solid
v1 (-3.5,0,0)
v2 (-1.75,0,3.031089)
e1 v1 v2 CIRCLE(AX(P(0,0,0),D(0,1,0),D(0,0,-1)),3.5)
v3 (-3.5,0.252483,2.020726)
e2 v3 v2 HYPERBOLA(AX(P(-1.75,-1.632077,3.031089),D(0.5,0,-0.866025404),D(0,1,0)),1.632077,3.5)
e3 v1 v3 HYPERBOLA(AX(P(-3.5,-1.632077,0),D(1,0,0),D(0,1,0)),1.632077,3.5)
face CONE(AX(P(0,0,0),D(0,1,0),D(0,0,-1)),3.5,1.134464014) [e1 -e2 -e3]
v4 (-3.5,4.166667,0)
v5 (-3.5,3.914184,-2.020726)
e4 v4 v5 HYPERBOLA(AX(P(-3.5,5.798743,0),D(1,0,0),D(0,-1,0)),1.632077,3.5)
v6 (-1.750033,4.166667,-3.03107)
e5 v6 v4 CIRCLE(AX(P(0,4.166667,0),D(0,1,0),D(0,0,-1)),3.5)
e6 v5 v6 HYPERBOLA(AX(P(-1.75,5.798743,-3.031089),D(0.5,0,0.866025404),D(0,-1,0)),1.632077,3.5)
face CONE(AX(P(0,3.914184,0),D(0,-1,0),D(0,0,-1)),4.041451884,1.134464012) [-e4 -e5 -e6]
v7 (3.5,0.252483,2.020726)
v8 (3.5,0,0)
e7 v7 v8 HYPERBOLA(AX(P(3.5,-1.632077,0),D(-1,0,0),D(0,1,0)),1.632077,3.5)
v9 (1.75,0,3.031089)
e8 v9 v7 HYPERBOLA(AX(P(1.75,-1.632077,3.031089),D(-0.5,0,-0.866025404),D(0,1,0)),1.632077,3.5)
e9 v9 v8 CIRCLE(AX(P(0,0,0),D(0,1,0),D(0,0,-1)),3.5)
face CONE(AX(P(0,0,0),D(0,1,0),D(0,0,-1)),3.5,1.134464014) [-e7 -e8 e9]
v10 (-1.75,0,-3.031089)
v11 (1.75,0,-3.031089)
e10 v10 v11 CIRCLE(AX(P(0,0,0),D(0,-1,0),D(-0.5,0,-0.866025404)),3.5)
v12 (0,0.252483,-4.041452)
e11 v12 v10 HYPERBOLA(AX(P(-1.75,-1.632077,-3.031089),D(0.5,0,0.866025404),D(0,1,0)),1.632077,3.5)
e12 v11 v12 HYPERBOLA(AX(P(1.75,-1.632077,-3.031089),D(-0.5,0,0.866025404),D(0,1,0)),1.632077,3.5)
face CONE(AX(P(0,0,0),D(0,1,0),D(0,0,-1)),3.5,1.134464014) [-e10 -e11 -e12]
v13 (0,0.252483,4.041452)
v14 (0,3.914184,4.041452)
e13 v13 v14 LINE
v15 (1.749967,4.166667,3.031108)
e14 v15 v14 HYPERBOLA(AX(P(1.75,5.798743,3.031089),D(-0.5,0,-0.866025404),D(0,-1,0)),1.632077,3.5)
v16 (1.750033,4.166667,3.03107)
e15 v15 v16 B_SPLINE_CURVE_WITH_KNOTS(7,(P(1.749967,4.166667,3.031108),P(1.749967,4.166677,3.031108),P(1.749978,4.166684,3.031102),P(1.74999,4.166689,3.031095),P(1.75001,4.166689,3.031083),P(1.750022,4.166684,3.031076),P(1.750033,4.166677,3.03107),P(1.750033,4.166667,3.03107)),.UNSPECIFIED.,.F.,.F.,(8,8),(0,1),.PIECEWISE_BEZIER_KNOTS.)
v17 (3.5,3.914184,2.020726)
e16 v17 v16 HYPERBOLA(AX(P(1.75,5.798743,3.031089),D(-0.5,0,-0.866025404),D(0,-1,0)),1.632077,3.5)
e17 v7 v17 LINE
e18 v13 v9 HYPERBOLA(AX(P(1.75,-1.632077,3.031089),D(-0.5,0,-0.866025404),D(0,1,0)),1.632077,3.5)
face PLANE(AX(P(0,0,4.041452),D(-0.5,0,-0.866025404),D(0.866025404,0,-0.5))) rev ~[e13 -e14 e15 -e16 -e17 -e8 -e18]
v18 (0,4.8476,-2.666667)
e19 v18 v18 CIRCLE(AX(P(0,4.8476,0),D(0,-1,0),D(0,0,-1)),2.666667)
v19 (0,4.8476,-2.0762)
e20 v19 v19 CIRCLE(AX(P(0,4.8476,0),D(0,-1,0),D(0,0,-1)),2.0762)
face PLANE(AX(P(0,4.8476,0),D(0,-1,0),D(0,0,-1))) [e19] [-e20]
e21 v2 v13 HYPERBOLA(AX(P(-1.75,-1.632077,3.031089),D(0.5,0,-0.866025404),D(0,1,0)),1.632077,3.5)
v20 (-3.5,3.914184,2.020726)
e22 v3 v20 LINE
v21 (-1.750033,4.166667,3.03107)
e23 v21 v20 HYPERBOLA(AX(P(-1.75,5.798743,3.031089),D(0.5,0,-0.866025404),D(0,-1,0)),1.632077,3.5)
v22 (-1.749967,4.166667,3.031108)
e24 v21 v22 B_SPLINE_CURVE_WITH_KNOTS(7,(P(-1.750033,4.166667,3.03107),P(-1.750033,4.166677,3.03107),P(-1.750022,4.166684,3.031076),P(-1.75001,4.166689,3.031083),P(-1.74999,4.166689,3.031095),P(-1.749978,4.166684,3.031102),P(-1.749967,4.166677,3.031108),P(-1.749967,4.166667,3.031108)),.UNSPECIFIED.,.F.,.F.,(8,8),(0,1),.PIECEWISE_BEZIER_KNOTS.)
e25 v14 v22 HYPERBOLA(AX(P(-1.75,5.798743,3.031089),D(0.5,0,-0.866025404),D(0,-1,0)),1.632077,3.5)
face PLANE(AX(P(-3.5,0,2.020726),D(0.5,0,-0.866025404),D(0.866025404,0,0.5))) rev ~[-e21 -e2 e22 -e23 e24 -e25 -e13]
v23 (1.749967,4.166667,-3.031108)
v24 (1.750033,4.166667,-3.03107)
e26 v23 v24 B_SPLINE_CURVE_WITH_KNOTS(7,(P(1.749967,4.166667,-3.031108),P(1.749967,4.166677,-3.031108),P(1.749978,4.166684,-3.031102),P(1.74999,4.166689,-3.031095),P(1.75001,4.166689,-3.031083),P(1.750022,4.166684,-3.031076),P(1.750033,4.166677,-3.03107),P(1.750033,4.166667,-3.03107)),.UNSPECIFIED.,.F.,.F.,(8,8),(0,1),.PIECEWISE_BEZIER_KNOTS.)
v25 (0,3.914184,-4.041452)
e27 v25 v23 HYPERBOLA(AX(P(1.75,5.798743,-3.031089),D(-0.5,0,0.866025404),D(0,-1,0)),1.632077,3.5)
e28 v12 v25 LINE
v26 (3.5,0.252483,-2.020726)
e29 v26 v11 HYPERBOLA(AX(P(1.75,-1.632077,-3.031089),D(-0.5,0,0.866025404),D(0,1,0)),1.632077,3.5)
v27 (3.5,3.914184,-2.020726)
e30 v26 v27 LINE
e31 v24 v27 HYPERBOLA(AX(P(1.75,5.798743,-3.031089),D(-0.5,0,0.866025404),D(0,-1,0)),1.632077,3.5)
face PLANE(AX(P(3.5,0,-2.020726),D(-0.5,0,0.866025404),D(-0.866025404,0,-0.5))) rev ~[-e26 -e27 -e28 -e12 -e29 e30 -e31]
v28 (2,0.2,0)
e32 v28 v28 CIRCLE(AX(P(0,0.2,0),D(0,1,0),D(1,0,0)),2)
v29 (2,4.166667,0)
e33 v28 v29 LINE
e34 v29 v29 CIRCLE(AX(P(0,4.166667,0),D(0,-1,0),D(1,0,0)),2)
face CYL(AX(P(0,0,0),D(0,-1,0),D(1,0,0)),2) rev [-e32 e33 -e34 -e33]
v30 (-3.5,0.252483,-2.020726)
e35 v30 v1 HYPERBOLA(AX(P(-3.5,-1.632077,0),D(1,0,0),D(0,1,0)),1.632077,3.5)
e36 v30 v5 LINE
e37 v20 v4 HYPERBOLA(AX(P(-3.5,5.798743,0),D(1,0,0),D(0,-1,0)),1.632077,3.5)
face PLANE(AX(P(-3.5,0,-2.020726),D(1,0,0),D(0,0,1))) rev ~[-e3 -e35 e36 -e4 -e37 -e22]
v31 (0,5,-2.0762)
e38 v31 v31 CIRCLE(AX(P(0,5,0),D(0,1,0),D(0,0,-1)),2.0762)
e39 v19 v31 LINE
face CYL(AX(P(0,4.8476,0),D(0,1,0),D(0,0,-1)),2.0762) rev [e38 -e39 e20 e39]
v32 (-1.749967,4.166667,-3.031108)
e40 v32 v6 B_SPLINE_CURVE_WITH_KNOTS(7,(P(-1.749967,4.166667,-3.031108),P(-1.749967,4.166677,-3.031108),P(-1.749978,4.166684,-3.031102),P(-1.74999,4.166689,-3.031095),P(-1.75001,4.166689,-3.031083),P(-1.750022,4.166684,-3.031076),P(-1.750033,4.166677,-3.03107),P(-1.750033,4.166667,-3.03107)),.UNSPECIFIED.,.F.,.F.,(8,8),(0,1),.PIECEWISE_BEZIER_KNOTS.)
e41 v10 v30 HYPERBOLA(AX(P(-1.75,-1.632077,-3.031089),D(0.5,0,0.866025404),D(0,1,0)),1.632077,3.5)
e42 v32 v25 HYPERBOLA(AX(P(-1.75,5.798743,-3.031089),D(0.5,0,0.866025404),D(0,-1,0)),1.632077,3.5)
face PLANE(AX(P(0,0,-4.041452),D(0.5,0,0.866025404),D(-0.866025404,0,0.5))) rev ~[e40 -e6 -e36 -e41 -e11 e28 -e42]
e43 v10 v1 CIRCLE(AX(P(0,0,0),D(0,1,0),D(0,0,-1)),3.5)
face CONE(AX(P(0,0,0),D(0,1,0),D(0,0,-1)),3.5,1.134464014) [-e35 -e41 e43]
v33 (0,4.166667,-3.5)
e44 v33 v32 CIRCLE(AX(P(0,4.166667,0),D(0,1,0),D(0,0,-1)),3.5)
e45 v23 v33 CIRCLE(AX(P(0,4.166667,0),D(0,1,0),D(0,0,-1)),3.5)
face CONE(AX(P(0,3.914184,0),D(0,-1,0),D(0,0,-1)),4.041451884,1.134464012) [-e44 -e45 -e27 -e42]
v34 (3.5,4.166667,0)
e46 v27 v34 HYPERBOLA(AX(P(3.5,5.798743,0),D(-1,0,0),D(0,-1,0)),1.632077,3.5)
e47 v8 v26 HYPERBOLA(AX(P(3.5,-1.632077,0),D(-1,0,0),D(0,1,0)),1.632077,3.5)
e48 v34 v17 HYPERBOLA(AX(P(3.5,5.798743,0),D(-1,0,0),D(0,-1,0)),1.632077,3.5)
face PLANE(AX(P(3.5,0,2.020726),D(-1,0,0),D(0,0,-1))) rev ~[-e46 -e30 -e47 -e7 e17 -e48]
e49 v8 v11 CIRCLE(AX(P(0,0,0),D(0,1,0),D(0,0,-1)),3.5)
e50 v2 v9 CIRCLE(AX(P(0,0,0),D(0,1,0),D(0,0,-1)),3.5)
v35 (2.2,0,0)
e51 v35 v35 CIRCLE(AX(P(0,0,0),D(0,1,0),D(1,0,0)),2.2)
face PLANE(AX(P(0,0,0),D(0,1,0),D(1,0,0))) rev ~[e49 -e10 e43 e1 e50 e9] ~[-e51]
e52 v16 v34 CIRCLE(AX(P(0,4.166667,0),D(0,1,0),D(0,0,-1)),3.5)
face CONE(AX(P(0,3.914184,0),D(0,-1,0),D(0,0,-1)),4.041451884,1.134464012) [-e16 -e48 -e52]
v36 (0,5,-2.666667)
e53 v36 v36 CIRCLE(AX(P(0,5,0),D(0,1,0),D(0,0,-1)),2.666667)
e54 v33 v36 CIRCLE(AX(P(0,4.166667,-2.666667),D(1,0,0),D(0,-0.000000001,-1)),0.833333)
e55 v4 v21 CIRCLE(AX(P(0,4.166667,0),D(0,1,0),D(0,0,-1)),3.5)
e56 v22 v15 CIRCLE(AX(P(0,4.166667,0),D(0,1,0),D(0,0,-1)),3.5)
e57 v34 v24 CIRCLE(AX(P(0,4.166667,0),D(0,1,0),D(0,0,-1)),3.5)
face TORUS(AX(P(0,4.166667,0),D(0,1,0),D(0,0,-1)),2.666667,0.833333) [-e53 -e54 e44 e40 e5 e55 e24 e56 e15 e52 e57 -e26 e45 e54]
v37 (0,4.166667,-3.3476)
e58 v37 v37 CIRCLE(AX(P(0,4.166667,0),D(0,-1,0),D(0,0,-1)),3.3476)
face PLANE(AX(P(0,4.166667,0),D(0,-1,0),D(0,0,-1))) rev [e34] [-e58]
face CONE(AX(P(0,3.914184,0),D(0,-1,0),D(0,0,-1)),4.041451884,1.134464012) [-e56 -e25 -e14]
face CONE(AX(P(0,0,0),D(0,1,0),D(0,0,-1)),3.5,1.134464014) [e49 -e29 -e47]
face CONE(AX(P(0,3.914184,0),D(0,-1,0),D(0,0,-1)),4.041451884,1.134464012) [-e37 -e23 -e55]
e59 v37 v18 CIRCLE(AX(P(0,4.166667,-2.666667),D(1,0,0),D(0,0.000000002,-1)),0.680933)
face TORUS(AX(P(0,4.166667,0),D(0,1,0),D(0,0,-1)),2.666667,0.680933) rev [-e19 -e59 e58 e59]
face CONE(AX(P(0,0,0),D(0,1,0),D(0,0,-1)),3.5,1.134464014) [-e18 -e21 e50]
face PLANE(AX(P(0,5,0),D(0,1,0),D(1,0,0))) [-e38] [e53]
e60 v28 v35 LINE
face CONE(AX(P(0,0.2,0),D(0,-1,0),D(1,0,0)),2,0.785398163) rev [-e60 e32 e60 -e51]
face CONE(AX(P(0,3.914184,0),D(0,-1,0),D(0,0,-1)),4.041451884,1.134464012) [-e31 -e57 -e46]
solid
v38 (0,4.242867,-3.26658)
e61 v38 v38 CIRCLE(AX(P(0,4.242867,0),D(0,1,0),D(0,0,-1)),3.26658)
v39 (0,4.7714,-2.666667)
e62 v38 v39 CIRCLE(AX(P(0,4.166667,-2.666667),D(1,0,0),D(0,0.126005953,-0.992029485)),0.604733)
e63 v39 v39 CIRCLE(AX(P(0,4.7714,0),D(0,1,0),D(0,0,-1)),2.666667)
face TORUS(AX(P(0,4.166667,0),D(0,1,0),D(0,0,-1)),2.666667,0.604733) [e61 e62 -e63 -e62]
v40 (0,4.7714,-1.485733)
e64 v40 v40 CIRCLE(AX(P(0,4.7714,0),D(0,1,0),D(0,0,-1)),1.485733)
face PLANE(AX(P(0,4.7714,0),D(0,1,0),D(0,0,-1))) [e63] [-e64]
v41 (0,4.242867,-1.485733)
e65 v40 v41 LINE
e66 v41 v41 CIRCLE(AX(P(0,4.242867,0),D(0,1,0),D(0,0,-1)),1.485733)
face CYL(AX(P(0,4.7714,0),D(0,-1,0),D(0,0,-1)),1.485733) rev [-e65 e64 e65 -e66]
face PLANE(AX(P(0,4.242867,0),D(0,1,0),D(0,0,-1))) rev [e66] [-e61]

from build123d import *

# Parameters (mm, degrees)
SKETCH1_R      = 2
EXTRUDE1_DEPTH = 5
CHAMFER1_SIZE  = 0.2


with BuildPart() as part:
    # Sketch1 → Extrude1 (new body)
    with BuildSketch(Plane(origin=(0, 0, 0), x_dir=(1, 0, 0), z_dir=(0, 1, 0))):
        Polygon((0, 4.041451884), (-3.5, 2.020725942), (-3.5, -2.020725942), (0, -4.041451884), (3.5, -2.020725942), (3.5, 2.020725942), align=None)
        Circle(SKETCH1_R, mode=Mode.SUBTRACT)
    extrude(amount=EXTRUDE1_DEPTH)

    # Chamfer1
    chamfer1_edges = [part.edges().sort_by_distance(p)[0] for p in [
        (-2, 0, 0),
    ]]
    chamfer(chamfer1_edges, length=CHAMFER1_SIZE)

    # Sketch5 → Cut-Revolve3 (revolve, cut)
    with BuildSketch(Plane(origin=(0, 0, 0), x_dir=(0, 0, -1), z_dir=(1, 0, 0))):
        with BuildLine():
            Line((0, 0), (3.5, 0))
            Line((3.5, 0), (4.041451884, 0.25248316))
            Line((4.041451884, 0.25248316), (4.041451884, 3.914183506))
            Line((4.041451884, 3.914183506), (3.5, 4.166666667))
            ThreePointArc((3.5, 4.166666667), (3.255922318, 4.755922318), (2.666666667, 5))
            Line((2.666666667, 5), (2.666666667, 6.27))
            Line((2.666666667, 6.27), (5.311451884, 6.27))
            Line((5.311451884, 6.27), (5.311451884, -1.27))
            Line((5.311451884, -1.27), (0, -1.27))
            Line((0, -1.27), (0, 0))
        make_face()
    revolve(axis=Axis((0, 0, 0), (0, 1, 0)), mode=Mode.SUBTRACT)

    # Sketch6 → Cut-Revolve4 (revolve, cut)
    with BuildSketch(Plane(origin=(0, 0, 0), x_dir=(0, 0, -1), z_dir=(1, 0, 0))):
        with BuildLine():
            Line((0, 4.166666667), (3.3476, 4.166666667))
            ThreePointArc((3.3476, 4.166666667), (3.148159244, 4.648159244), (2.666666667, 4.8476))
            Line((2.666666667, 4.8476), (2.0762, 4.8476))
            Line((2.0762, 4.8476), (2.0762, 6.27))
            Line((2.0762, 6.27), (0, 6.27))
            Line((0, 6.27), (0, 4.166666667))
        make_face()
    revolve(axis=Axis((0, 6.27, 0), (0, -1, 0)), mode=Mode.SUBTRACT)


with BuildPart() as body_2:
    # Sketch7 → Revolve2 (revolve)
    with BuildSketch(Plane(origin=(0, 0, 0), x_dir=(0, 0, -1), z_dir=(1, 0, 0))):
        with BuildLine():
            Line((1.485733333, 4.242866667), (3.266579964, 4.242866667))
            ThreePointArc((3.266579964, 4.242866667), (3.066430175, 4.620419399), (2.666666667, 4.7714))
            Line((2.666666667, 4.7714), (1.485733333, 4.7714))
            Line((1.485733333, 4.7714), (1.485733333, 4.242866667))
        make_face()
    revolve(axis=Axis((0, 4.242866667, 0), (0, 1, 0)))


solid = Compound([part.part, body_2.part])
